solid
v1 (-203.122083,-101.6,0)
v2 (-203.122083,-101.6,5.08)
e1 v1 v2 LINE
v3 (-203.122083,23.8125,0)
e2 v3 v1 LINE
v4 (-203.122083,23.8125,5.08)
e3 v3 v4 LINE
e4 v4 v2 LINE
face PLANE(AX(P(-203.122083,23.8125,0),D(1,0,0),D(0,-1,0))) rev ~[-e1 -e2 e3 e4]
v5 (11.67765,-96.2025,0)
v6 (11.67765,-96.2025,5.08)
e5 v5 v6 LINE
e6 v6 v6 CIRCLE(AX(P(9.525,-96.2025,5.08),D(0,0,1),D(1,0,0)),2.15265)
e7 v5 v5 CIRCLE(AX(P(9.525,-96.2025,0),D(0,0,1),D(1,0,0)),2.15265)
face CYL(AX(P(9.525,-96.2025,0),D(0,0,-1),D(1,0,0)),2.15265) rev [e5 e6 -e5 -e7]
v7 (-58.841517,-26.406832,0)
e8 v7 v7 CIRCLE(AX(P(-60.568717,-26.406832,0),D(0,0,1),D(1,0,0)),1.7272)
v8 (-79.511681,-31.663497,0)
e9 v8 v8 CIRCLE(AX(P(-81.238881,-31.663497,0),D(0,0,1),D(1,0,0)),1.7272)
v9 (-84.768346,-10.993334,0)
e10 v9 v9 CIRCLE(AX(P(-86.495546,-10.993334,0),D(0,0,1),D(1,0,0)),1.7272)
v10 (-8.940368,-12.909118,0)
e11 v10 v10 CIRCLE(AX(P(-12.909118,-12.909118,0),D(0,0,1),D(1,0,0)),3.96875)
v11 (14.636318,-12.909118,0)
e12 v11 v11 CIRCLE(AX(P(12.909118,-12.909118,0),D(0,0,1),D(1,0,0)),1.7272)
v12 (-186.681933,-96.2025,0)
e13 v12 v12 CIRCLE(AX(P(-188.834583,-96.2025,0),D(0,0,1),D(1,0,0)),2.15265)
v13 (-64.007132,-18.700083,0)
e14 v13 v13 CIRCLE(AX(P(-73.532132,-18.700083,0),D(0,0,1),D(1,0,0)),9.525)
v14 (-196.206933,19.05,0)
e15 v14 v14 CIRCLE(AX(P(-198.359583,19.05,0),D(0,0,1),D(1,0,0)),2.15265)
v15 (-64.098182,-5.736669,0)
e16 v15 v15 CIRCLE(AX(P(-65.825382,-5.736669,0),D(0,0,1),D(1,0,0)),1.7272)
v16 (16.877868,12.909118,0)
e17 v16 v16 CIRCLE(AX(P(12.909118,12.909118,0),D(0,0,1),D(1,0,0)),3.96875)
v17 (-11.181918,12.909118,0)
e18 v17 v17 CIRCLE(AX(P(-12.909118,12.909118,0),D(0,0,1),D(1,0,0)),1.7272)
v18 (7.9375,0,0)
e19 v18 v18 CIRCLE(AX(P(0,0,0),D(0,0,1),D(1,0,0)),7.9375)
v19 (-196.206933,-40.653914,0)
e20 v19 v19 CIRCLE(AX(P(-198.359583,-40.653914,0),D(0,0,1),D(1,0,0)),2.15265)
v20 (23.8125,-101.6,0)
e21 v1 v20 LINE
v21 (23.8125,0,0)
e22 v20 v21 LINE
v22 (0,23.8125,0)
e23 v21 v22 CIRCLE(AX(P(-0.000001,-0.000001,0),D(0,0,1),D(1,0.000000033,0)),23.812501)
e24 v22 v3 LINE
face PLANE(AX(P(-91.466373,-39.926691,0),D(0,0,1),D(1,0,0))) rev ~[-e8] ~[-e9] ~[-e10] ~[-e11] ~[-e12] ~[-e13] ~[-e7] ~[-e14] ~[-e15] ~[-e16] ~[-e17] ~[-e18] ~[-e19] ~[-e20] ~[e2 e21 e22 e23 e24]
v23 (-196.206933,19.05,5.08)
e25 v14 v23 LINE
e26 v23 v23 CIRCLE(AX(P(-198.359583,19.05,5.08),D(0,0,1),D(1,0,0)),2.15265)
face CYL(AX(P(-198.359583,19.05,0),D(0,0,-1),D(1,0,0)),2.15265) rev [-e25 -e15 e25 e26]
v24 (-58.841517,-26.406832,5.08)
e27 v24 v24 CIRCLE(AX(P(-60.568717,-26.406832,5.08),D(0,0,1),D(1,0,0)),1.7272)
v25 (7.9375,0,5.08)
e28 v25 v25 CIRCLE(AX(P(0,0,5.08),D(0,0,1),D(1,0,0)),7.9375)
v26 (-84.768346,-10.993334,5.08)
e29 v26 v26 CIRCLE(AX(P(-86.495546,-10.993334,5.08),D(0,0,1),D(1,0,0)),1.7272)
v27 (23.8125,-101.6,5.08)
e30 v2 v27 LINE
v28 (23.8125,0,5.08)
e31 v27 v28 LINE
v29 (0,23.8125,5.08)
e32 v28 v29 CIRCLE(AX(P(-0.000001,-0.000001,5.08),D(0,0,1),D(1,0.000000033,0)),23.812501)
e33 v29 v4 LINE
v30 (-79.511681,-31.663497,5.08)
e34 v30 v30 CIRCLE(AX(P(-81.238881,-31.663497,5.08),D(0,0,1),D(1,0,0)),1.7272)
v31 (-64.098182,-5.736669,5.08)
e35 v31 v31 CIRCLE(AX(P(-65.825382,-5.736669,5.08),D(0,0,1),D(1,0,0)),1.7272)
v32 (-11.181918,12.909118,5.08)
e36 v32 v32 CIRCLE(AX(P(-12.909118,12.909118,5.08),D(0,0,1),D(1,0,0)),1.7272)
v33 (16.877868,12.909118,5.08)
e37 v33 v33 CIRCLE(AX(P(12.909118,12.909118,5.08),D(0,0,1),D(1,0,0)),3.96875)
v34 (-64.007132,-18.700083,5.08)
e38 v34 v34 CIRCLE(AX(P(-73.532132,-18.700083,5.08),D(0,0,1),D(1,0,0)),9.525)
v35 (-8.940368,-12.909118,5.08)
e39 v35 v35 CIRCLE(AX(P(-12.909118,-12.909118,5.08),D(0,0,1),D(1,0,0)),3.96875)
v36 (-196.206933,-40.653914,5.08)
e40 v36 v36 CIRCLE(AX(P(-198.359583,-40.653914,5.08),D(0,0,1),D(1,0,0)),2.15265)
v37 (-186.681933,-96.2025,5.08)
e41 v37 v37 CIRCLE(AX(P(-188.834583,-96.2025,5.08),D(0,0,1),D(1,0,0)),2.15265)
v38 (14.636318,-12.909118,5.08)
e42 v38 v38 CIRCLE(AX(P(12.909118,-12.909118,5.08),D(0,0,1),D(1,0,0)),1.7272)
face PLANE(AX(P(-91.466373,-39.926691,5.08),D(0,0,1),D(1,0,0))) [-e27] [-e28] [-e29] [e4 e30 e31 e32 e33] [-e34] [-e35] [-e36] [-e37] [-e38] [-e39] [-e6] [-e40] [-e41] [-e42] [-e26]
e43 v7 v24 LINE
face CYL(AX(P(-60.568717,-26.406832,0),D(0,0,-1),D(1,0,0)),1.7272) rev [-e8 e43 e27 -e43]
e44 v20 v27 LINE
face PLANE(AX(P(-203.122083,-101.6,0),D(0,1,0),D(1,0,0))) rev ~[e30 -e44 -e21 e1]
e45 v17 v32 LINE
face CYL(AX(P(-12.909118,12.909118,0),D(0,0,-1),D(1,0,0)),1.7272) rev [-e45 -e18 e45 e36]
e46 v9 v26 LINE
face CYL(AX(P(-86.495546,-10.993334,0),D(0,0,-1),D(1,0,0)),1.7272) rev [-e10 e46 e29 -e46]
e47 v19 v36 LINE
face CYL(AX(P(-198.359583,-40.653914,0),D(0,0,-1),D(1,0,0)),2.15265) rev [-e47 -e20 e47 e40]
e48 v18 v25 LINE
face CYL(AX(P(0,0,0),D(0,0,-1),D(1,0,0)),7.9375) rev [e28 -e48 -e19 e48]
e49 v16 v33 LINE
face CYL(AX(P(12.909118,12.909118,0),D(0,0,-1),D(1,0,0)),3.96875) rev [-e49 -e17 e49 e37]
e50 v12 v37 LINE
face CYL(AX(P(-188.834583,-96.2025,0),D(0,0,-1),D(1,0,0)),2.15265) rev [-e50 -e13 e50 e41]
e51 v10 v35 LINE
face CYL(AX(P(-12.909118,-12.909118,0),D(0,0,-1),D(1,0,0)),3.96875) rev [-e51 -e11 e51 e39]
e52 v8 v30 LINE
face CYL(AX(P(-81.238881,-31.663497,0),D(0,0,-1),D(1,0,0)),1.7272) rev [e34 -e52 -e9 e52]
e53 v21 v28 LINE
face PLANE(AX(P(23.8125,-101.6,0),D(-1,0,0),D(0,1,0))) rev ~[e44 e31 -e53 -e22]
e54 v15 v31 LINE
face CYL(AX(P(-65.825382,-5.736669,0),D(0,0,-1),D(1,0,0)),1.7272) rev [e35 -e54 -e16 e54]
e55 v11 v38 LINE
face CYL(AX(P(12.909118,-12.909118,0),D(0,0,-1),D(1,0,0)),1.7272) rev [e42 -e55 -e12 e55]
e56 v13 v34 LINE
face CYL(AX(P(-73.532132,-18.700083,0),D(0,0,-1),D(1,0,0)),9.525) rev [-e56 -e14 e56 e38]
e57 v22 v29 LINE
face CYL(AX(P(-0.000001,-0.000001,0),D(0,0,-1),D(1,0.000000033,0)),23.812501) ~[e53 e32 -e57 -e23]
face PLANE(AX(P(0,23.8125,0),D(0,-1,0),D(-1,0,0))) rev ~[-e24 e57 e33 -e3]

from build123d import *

# Parameters (mm, degrees)
F0_R     = 2.15265
F0_R_2   = 1.7272
F0_R_3   = 9.525
F0_R_4   = 3.96875
F0_R_5   = 7.9375
F1_DEPTH = 5.08


with BuildPart() as f1:
    # F0 (on Top) → F1 (new body)
    with BuildSketch(Plane.XY):
        with BuildLine():
            Line((0, 23.8125), (-193.597083, 23.8125))
            Line((-193.597083, 23.8125), (-203.122083, 23.8125))
            Line((-203.122083, 23.8125), (-203.122083, -101.6))
            Line((-203.122083, -101.6), (23.8125, -101.6))
            Line((23.8125, -101.6), (23.8125, -90.805))
            Line((23.8125, -90.805), (23.8125, 0))
            ThreePointArc((23.8125, 0), (16.83798, 16.83798), (0, 23.8125))
        make_face()
        with Locations((-188.834583, -96.2025)):
            Circle(F0_R, mode=Mode.SUBTRACT)
        with Locations((-198.359583, -40.653914)):
            Circle(F0_R, mode=Mode.SUBTRACT)
        with Locations((9.525, -96.2025)):
            Circle(F0_R, mode=Mode.SUBTRACT)
        with Locations((-198.359583, 19.05)):
            Circle(F0_R, mode=Mode.SUBTRACT)
        with Locations((-81.238881, -31.663497)):
            Circle(F0_R_2, mode=Mode.SUBTRACT)
        with Locations((-60.568717, -26.406832)):
            Circle(F0_R_2, mode=Mode.SUBTRACT)
        with Locations((-73.532132, -18.700083)):
            Circle(F0_R_3, mode=Mode.SUBTRACT)
        with Locations((-86.495546, -10.993334)):
            Circle(F0_R_2, mode=Mode.SUBTRACT)
        with Locations((-12.909118, -12.909118)):
            Circle(F0_R_4, mode=Mode.SUBTRACT)
        with Locations((12.909118, -12.909118)):
            Circle(F0_R_2, mode=Mode.SUBTRACT)
        with Locations((-65.825382, -5.736669)):
            Circle(F0_R_2, mode=Mode.SUBTRACT)
        Circle(F0_R_5, mode=Mode.SUBTRACT)
        with Locations((-12.909118, 12.909118)):
            Circle(F0_R_2, mode=Mode.SUBTRACT)
        with Locations((12.909118, 12.909118)):
            Circle(F0_R_4, mode=Mode.SUBTRACT)
    extrude(amount=F1_DEPTH)


solid = f1.part
